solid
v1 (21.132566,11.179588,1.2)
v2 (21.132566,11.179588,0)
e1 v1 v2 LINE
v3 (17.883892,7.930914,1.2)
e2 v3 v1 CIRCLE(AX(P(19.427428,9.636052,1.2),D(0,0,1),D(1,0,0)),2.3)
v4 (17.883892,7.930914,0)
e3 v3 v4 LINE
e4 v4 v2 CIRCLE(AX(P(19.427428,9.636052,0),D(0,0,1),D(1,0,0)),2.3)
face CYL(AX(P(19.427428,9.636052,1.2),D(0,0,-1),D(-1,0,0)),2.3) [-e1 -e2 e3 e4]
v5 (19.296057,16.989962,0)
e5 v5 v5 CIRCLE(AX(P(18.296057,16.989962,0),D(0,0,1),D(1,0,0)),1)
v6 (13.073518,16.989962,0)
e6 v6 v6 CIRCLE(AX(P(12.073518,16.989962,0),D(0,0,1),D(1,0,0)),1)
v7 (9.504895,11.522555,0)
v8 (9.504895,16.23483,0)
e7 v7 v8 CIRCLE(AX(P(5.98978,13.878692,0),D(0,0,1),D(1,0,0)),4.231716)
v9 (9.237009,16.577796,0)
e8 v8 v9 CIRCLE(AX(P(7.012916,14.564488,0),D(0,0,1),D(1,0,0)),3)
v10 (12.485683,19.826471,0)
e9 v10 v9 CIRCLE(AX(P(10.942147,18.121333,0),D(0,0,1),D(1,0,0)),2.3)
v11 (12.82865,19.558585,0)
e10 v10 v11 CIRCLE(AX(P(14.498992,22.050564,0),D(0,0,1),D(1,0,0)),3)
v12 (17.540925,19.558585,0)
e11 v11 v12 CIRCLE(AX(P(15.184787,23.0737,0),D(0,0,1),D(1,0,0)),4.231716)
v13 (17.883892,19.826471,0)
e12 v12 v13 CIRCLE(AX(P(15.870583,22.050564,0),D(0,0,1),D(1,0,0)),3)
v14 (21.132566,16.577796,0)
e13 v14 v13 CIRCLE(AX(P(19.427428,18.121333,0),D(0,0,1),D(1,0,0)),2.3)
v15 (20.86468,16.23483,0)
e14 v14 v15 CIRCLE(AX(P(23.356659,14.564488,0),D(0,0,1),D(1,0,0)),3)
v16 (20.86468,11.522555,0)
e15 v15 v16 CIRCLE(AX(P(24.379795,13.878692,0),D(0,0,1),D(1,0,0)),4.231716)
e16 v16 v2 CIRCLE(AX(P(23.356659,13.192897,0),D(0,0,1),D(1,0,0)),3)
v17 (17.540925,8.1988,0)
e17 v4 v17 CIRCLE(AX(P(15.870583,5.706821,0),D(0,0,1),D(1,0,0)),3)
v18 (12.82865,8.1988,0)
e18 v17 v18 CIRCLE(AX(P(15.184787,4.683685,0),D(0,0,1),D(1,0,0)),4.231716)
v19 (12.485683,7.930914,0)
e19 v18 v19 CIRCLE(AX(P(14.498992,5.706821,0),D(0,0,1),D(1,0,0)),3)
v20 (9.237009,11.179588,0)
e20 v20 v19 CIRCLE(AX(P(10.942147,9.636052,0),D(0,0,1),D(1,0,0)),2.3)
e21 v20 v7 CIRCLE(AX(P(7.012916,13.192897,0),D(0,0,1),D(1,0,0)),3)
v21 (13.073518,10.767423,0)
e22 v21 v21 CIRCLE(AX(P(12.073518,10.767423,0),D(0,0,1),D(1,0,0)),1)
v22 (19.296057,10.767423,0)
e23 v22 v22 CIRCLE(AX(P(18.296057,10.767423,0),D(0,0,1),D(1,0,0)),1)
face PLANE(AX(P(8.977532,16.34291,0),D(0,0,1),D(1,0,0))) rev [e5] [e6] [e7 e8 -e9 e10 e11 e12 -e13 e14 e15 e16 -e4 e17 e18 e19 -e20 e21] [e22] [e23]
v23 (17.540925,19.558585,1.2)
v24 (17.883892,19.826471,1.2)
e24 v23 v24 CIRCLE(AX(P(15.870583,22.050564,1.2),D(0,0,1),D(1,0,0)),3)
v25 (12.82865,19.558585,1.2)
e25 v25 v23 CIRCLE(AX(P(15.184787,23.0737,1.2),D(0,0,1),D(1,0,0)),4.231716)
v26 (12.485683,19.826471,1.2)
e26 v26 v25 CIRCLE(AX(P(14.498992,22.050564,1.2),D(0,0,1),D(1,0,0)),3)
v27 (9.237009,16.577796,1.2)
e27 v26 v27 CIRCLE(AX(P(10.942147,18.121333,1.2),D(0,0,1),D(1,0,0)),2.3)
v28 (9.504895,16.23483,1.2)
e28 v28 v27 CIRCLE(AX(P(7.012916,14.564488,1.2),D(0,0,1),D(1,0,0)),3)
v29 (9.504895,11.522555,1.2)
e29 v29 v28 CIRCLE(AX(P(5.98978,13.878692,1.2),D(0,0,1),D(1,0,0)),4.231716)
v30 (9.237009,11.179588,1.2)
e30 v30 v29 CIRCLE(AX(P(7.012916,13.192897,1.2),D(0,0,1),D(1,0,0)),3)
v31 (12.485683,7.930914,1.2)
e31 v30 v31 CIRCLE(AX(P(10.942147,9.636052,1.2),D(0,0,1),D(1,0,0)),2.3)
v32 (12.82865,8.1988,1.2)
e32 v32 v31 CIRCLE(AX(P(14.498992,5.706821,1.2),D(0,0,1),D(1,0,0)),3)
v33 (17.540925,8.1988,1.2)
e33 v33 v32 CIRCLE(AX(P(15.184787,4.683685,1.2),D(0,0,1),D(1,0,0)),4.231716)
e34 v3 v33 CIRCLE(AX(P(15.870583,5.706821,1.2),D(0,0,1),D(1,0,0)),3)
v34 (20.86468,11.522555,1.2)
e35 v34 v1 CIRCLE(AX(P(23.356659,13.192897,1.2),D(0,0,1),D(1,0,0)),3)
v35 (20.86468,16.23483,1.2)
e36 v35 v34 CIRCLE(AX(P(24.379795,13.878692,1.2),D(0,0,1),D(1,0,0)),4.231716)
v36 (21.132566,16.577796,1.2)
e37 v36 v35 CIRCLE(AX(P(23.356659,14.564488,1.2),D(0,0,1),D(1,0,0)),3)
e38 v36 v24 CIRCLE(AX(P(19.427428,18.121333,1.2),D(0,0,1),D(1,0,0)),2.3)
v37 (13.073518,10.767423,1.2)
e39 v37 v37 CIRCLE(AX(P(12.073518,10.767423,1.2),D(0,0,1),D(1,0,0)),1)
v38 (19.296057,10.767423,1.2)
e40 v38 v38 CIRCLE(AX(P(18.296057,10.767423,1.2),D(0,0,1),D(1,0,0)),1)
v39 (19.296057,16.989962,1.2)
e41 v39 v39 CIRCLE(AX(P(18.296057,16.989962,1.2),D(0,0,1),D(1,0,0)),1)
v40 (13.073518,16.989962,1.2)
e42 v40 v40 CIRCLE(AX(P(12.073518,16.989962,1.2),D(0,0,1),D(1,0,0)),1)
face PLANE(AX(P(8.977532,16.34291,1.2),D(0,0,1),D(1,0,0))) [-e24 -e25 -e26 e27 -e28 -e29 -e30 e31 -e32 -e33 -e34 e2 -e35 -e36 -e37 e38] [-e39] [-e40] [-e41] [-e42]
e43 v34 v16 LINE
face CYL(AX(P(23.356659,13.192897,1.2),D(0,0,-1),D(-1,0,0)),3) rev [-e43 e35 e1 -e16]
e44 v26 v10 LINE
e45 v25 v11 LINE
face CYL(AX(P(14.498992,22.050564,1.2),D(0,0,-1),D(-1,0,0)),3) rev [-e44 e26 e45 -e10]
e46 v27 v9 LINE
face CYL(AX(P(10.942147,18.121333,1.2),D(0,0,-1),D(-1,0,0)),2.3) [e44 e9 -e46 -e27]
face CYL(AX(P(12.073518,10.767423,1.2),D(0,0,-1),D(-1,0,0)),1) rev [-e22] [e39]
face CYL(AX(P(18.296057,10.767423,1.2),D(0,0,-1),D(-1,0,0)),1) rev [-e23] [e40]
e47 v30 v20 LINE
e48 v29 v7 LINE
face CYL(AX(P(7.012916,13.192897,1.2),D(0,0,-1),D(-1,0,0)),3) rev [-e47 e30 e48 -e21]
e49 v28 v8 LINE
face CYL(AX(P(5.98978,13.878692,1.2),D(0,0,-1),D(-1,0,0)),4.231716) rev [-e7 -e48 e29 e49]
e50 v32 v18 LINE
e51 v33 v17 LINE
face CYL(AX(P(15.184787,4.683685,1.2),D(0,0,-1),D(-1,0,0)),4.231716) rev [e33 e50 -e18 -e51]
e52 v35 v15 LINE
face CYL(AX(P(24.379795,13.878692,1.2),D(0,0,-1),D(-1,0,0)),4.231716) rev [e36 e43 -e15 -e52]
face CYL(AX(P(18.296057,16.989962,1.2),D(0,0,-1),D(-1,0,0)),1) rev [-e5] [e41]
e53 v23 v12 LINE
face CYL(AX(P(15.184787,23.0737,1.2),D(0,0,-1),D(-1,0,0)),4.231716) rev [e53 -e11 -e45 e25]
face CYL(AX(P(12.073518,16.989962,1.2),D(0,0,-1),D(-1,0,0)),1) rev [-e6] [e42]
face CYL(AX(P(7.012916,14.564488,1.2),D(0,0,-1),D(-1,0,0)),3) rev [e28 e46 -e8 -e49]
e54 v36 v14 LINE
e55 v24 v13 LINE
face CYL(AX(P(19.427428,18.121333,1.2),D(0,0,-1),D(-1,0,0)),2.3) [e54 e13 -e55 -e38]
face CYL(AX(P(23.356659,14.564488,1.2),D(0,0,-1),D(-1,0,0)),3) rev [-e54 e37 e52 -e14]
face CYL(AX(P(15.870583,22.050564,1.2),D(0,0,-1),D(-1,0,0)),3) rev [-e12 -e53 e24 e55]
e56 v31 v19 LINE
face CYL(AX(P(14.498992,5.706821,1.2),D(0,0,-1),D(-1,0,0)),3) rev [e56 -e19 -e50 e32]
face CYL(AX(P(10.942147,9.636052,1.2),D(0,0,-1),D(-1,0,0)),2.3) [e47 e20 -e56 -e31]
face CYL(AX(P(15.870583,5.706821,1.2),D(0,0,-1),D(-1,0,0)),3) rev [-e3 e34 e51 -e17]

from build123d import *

# Parameters (mm, degrees)
MODEL_R         = 1
EXTRUDE_1_DEPTH = 1.2


with BuildPart() as part:
    # Model → 凸台-拉伸1 (new body)
    with BuildSketch(Plane.XY):
        with BuildLine():
            ThreePointArc((12.485683382, 19.826470809), (12.652302696, 19.686300725), (12.828649886, 19.55858496))
            ThreePointArc((12.828649886, 19.55858496), (15.184787498, 18.84198425), (17.540925109, 19.55858496))
            ThreePointArc((17.540925109, 19.55858496), (17.7172723, 19.686300725), (17.883891613, 19.826470809))
            ThreePointArc((17.883891613, 19.826470809), (21.053773782, 19.747678625), (21.132565966, 16.577796457))
            ThreePointArc((21.132565966, 16.577796457), (20.992395882, 16.411177143), (20.864680117, 16.234829953))
            ThreePointArc((20.864680117, 16.234829953), (20.148079407, 13.878692341), (20.864680117, 11.522554729))
            ThreePointArc((20.864680117, 11.522554729), (20.992395882, 11.346207539), (21.132565966, 11.179588225))
            ThreePointArc((21.132565966, 11.179588225), (21.053773782, 8.009706057), (17.883891613, 7.930913873))
            ThreePointArc((17.883891613, 7.930913873), (17.7172723, 8.071083957), (17.540925109, 8.198799722))
            ThreePointArc((17.540925109, 8.198799722), (15.184787498, 8.915400432), (12.828649886, 8.198799722))
            ThreePointArc((12.828649886, 8.198799722), (12.652302696, 8.071083957), (12.485683382, 7.930913873))
            ThreePointArc((12.485683382, 7.930913873), (9.315801214, 8.009706057), (9.237009029, 11.179588225))
            ThreePointArc((9.237009029, 11.179588225), (9.377179113, 11.346207539), (9.504894878, 11.522554729))
            ThreePointArc((9.504894878, 11.522554729), (10.221495588, 13.878692341), (9.504894878, 16.234829953))
            ThreePointArc((9.504894878, 16.234829953), (9.377179113, 16.411177143), (9.237009029, 16.577796457))
            ThreePointArc((9.237009029, 16.577796457), (9.315801214, 19.747678625), (12.485683382, 19.826470809))
        make_face()
        with Locations((18.296057335, 16.989962178)):
            Circle(MODEL_R, mode=Mode.SUBTRACT)
        with Locations((12.07351766, 16.989962178)):
            Circle(MODEL_R, mode=Mode.SUBTRACT)
        with Locations((12.07351766, 10.767422504)):
            Circle(MODEL_R, mode=Mode.SUBTRACT)
        with Locations((18.296057335, 10.767422504)):
            Circle(MODEL_R, mode=Mode.SUBTRACT)
    extrude(amount=EXTRUDE_1_DEPTH)


solid = part.part
